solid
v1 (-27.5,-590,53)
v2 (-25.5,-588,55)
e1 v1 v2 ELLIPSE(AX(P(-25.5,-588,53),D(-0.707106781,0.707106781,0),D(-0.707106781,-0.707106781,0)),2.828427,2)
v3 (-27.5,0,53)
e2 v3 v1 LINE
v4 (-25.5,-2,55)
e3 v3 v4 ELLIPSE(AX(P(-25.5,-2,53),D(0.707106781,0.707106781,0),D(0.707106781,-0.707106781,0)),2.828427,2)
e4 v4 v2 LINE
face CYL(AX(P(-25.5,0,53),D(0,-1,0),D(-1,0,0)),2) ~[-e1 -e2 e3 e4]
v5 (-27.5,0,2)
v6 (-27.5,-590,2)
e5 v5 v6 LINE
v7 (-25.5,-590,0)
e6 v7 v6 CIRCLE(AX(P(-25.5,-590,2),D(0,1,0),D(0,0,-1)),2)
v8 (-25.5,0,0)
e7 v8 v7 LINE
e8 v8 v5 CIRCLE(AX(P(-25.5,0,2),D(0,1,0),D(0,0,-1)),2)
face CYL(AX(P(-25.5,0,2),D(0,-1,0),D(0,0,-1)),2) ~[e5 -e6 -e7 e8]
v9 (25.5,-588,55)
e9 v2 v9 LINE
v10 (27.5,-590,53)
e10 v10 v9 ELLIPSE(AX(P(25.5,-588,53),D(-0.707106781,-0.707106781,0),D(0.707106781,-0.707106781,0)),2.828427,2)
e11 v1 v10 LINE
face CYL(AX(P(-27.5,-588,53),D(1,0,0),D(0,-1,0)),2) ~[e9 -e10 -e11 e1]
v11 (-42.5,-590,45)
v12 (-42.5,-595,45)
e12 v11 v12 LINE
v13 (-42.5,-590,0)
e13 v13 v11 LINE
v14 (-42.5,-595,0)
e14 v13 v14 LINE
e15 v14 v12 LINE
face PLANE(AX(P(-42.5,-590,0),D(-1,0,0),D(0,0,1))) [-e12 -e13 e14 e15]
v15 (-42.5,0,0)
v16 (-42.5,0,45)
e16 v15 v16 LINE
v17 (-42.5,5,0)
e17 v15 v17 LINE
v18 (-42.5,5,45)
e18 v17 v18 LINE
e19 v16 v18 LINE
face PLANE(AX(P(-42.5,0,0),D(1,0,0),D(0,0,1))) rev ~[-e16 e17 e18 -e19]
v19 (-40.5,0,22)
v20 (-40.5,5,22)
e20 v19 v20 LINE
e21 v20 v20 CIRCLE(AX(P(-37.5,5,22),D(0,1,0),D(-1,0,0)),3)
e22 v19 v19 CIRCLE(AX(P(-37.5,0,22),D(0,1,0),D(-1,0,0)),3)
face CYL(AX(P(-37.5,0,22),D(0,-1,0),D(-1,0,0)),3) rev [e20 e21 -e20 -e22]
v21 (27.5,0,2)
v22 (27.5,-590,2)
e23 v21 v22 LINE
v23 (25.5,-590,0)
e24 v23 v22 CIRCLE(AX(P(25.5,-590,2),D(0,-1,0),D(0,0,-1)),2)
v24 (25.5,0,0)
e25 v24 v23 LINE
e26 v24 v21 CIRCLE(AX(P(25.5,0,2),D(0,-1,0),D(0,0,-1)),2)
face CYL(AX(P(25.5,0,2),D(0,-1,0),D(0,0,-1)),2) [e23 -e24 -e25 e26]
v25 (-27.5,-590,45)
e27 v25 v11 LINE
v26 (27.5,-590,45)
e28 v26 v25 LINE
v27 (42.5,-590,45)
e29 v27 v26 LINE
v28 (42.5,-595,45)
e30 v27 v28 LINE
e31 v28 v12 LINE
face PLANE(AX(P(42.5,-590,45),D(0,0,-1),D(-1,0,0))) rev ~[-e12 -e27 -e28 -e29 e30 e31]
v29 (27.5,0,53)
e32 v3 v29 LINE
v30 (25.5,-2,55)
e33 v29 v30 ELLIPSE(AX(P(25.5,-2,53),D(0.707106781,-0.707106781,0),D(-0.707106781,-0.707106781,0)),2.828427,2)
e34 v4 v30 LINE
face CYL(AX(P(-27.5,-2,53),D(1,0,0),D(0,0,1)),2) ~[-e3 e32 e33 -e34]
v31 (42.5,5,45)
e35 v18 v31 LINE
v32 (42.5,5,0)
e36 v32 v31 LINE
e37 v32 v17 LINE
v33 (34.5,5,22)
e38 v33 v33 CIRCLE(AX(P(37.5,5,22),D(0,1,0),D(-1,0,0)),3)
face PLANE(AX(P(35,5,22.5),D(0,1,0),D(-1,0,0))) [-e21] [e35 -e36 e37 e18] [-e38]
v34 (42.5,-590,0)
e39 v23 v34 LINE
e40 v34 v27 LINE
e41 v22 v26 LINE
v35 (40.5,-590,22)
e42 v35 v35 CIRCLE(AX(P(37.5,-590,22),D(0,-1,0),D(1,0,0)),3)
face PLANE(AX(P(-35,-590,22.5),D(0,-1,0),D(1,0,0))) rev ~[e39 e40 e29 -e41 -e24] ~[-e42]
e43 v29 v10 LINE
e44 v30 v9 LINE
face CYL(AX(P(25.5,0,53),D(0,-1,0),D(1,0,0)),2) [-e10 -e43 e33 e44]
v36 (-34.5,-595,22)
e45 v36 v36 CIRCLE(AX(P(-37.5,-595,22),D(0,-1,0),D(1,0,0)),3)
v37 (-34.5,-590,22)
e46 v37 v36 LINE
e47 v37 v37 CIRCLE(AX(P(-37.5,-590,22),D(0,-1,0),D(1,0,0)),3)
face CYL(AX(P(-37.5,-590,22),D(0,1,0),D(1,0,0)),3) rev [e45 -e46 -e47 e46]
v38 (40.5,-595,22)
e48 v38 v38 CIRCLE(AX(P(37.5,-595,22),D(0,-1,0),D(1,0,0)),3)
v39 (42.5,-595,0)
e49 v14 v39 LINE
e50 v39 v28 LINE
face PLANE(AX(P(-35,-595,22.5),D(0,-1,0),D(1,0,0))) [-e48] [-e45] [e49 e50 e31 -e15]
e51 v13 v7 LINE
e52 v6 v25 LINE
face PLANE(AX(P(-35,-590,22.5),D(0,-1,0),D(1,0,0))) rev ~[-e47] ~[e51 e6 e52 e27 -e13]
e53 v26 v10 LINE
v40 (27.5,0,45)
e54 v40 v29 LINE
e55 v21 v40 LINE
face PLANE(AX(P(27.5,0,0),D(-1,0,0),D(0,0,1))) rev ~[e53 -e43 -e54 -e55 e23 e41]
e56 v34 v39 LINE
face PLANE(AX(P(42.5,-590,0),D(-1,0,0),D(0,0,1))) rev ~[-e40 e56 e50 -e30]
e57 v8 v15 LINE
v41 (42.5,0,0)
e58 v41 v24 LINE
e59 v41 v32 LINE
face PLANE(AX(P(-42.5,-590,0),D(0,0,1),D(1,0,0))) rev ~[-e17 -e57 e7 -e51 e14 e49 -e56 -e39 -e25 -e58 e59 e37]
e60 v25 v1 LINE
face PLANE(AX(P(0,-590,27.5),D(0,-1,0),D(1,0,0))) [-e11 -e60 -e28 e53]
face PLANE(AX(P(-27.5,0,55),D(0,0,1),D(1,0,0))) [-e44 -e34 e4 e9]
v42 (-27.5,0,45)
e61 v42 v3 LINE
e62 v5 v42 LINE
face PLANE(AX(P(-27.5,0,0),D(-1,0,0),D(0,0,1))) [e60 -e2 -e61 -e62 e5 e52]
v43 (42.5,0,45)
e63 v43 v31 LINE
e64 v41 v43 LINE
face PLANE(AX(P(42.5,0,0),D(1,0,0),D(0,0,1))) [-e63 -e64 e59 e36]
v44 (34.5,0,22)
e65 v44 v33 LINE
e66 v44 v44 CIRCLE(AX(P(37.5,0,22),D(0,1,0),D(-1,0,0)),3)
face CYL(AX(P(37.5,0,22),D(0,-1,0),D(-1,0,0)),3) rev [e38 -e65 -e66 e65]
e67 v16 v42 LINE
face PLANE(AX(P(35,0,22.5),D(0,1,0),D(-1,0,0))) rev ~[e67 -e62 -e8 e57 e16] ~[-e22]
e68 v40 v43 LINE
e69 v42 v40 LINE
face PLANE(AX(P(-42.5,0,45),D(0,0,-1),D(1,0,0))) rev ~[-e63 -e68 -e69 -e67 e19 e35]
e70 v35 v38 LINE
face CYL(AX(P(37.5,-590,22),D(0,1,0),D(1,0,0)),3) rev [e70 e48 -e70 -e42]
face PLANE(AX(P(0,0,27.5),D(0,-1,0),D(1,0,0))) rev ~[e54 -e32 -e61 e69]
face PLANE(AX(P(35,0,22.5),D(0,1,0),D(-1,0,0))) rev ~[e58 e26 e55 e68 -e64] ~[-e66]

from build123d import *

# Parameters (mm, degrees)
F0_W     = 55
F0_H     = 55
F1_DEPTH = 590
F2_W     = 15
F2_H     = 45
F2_R     = 3
F2_W_2   = 55
F3_DEPTH = 5
F4_W     = 15
F4_H     = 45
F4_R     = 3
F4_W_2   = 55
F5_DEPTH = 5
F6_R     = 2


with BuildPart() as f1:
    # F0 (on Front) → F1 (new body)
    with BuildSketch(Plane.XZ):
        with Locations((0, 27.5)):
            Rectangle(F0_W, F0_H)
    extrude(amount=F1_DEPTH)

    # F2 (on face) → F3 (join)
    with BuildSketch(Plane(origin=(0, 0, 0), x_dir=(-1, 0, 0), z_dir=(0, 1, 0))):
        with Locations((-35, 22.5)):
            Rectangle(F2_W, F2_H)
        with Locations((-37.5, 22)):
            Circle(F2_R, mode=Mode.SUBTRACT)
        with Locations((0, 22.5)):
            Rectangle(F2_W_2, F2_H)
        with Locations((35, 22.5)):
            Rectangle(F2_W, F2_H)
        with Locations((37.5, 22)):
            Circle(F2_R, mode=Mode.SUBTRACT)
    extrude(amount=F3_DEPTH)

    # F4 (on face) → F5 (join)
    with BuildSketch(Plane.XZ.offset(590)):
        with Locations((-35, 22.5)):
            Rectangle(F4_W, F4_H)
        with Locations((-37.5, 22)):
            Circle(F4_R, mode=Mode.SUBTRACT)
        with Locations((0, 22.5)):
            Rectangle(F4_W_2, F4_H)
        with Locations((35, 22.5)):
            Rectangle(F4_W, F4_H)
        with Locations((37.5, 22)):
            Circle(F4_R, mode=Mode.SUBTRACT)
    extrude(amount=F5_DEPTH)

    # F6
    f6_edges = [f1.edges().sort_by_distance(p)[0] for p in [
        (27.5, -295, 55),
        (-27.5, -295, 55),
        (0, 0, 55),
        (0, -590, 55),
        (-27.5, -295, 0),
        (27.5, -295, 0),
    ]]
    fillet(f6_edges, radius=F6_R)


solid = f1.part
